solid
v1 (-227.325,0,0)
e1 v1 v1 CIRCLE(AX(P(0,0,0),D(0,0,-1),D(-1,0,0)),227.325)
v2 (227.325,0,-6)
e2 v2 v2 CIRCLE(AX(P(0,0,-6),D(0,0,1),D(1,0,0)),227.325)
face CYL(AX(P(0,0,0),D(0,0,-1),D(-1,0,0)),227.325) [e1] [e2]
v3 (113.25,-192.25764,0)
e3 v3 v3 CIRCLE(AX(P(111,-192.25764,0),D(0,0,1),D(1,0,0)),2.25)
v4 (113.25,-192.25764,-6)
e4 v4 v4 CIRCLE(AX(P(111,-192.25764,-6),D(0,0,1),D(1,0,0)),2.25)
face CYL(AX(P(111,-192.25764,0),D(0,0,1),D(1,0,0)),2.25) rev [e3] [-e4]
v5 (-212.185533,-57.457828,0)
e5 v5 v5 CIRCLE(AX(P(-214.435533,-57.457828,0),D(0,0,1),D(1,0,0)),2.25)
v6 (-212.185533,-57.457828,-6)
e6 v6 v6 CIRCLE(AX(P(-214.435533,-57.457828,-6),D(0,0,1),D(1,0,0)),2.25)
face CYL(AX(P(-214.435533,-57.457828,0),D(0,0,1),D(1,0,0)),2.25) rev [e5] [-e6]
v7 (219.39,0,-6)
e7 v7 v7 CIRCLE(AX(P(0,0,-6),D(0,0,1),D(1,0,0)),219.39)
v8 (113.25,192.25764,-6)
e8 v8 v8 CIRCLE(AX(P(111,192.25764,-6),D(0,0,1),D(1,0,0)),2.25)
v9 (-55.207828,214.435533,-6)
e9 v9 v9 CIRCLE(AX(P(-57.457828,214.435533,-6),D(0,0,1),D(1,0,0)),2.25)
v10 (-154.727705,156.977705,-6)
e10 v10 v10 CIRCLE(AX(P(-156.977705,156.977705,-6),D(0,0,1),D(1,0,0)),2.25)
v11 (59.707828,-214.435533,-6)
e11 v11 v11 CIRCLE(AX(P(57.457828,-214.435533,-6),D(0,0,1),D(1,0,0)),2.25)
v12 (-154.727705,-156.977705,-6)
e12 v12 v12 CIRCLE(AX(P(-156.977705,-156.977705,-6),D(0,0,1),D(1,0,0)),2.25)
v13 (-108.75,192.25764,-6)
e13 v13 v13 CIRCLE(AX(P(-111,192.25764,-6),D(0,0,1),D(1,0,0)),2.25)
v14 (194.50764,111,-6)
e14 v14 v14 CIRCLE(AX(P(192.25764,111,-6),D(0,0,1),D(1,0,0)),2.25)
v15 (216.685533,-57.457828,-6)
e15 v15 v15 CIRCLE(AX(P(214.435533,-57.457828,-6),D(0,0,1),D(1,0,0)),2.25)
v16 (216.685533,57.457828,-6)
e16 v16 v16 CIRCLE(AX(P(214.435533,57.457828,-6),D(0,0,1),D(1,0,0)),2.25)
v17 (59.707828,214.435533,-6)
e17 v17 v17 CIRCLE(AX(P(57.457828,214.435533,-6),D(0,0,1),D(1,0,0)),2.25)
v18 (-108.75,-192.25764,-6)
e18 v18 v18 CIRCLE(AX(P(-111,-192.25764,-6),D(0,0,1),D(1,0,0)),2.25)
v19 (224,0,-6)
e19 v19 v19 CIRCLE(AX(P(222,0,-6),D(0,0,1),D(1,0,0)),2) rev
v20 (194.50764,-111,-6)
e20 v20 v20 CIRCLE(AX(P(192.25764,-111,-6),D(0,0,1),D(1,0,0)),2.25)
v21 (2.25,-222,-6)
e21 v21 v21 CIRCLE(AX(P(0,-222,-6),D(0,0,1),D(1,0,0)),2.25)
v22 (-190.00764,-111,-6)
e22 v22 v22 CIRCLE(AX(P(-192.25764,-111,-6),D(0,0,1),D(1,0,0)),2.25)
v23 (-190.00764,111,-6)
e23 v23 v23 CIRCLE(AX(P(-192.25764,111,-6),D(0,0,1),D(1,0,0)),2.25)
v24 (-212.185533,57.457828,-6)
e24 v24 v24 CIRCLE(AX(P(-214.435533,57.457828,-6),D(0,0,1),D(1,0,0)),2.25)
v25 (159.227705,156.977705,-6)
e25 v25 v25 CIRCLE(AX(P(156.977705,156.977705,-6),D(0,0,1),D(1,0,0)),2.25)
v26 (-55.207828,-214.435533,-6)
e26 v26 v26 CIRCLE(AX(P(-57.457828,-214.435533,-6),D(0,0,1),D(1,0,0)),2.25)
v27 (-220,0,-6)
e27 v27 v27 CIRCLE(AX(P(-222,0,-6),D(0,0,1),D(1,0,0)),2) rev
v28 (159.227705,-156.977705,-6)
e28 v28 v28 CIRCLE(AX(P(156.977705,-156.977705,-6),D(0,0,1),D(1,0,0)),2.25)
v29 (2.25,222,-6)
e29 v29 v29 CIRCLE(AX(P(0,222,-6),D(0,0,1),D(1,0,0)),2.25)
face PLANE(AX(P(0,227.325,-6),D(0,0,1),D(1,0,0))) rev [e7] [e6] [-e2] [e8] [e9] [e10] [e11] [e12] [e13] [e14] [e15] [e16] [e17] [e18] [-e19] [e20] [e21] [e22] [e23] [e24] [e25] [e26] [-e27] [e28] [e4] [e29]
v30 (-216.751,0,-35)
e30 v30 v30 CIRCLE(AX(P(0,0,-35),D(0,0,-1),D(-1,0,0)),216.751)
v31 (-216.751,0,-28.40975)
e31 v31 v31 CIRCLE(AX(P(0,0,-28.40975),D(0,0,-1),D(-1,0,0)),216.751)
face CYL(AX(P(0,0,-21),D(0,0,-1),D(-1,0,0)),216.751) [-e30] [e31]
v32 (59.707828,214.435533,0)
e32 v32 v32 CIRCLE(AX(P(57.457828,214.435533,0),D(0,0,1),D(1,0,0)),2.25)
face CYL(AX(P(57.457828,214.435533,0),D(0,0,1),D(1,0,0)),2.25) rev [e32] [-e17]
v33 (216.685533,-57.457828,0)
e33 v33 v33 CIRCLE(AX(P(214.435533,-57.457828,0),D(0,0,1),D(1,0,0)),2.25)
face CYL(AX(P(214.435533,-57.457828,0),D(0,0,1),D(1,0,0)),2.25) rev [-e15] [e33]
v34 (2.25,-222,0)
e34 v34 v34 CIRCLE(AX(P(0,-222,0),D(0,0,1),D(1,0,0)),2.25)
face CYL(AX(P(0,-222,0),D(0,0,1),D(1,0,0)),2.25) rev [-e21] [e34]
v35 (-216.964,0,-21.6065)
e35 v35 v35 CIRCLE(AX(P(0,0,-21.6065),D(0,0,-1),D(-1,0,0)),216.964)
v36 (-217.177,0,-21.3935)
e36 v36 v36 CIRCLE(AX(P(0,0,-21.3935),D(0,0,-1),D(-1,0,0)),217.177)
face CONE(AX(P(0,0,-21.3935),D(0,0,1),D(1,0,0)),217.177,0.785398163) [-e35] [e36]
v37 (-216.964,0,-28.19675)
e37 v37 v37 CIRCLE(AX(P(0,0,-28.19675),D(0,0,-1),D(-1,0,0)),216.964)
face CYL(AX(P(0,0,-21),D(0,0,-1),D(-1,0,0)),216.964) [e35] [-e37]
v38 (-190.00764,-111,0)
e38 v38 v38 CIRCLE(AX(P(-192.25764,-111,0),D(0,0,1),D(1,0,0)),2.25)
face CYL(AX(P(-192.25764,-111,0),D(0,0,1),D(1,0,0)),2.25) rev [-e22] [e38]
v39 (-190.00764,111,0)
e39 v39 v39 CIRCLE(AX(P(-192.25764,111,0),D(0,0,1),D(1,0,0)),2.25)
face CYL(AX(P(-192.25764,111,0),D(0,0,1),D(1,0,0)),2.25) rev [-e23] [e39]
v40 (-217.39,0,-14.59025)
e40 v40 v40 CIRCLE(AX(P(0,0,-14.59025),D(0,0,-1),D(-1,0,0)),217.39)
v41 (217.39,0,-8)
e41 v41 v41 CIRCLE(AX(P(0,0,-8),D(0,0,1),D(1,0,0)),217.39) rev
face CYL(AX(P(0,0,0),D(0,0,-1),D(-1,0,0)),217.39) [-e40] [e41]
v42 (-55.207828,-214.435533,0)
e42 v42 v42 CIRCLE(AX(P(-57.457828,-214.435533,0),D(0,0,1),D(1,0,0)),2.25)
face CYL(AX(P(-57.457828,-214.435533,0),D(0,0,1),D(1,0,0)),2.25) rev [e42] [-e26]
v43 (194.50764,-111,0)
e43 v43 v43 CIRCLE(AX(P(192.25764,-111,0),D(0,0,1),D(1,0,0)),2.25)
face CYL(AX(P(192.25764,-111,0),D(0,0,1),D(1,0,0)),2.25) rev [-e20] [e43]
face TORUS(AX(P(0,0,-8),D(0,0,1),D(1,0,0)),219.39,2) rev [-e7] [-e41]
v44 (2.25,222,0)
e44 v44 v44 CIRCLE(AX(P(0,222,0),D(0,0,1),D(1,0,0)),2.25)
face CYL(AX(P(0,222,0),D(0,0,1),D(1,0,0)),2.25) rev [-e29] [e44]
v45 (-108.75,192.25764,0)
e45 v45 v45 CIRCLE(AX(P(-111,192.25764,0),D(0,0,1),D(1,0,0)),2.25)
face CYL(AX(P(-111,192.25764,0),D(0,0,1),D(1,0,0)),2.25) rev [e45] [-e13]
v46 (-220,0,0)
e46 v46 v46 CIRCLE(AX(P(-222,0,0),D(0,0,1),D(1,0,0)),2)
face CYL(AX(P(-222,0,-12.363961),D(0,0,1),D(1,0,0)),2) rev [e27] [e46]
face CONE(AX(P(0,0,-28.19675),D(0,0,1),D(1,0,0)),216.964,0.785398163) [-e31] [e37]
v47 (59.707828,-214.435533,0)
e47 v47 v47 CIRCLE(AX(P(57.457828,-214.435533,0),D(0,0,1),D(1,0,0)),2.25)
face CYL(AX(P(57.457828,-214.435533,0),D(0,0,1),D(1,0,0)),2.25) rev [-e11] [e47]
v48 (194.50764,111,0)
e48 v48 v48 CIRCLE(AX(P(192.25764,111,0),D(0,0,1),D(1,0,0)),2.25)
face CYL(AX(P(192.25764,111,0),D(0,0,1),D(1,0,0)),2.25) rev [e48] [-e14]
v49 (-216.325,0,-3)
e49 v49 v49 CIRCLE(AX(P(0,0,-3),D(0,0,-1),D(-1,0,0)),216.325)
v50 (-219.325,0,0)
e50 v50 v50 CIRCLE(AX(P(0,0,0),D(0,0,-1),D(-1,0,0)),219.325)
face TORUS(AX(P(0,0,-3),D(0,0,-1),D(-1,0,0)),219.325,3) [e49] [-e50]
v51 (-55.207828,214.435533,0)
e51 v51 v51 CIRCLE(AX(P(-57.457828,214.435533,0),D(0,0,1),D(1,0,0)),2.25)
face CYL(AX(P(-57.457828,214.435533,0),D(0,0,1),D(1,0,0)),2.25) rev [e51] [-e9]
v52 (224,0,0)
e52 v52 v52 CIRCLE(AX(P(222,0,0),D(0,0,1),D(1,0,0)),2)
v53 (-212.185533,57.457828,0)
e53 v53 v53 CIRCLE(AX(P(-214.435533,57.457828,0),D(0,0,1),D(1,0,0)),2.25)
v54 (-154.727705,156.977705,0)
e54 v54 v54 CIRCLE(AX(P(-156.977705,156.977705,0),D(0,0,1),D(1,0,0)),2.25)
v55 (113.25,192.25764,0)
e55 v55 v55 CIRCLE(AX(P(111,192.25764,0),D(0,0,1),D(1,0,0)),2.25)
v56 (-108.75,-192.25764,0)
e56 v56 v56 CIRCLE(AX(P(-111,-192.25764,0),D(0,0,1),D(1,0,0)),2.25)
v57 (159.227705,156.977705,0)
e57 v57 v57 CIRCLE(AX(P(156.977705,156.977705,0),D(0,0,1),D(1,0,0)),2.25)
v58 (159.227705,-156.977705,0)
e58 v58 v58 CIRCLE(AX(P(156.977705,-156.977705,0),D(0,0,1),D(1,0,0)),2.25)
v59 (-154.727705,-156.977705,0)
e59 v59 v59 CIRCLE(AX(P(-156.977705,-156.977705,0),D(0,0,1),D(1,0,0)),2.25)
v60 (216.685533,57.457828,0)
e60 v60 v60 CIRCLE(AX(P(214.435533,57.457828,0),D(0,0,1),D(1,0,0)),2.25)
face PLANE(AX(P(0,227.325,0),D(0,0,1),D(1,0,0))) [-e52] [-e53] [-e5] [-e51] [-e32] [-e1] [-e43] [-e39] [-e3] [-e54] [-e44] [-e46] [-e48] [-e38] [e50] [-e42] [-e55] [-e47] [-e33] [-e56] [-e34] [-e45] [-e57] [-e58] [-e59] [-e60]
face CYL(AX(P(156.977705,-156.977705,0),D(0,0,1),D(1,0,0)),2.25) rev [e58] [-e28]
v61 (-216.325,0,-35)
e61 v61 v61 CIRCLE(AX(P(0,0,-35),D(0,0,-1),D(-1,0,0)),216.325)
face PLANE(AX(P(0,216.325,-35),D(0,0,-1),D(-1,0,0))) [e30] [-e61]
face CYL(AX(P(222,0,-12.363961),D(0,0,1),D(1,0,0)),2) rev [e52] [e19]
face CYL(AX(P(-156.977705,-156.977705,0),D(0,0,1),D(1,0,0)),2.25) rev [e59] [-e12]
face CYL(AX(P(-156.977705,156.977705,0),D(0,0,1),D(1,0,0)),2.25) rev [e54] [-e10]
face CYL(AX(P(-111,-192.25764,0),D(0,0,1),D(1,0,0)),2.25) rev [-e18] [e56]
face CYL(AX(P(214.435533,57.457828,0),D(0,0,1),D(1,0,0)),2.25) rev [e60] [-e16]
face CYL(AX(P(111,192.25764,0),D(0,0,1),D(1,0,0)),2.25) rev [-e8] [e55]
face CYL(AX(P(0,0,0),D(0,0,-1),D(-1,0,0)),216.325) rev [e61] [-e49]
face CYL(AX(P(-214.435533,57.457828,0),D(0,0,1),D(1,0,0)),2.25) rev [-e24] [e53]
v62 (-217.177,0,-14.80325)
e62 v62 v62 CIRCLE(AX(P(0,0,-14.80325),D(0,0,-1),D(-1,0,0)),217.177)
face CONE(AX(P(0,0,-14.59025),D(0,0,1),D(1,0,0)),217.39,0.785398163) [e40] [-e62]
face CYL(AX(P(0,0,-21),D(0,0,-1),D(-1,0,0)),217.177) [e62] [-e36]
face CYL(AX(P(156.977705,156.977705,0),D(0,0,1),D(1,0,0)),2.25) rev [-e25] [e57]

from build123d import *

# Parameters (mm, degrees)
FILLET1_R            = 2
M4_CLEARANCE_HOLE1_D = 4.5
CIRPATTERN1_COUNT    = 24
SKETCH6_R            = 2.25
SKETCH6_R_2          = 2
BOSS_EXTRUDE1_DEPTH  = 6


with BuildPart() as part:
    # Sweep1: sweep along a path in Sketch1
    with BuildLine(Plane.XY) as sweep1_path:
        CenterArc((0, 0), 216.325, 0, 360)
    # Sketch2 → Sweep1 (sweep)
    with BuildSketch(Plane(origin=(0, 0, 0), x_dir=(0, 0, -1), z_dir=(1, 0, 0))):
        with BuildLine():
            Line((0, 227.325), (0, 219.325))
            ThreePointArc((0, 219.325), (0.878679656, 217.203679656), (3, 216.325))
            Line((3, 216.325), (35, 216.325))
            Line((35, 216.325), (35, 217.39))
            Line((35, 217.39), (3.1, 217.39))
            ThreePointArc((3.1, 217.39), (1.685786438, 217.975786438), (1.1, 219.39))
            Line((1.1, 219.39), (1.1, 227.325))
            Line((1.1, 227.325), (0, 227.325))
        make_face()
    sweep(path=sweep1_path.line)

    # Sketch7 → Revolve3 (revolve)
    with BuildSketch(Plane(origin=(0, 0, 0), x_dir=(0, 0, -1), z_dir=(1, 0, 0)), mode=Mode.PRIVATE) as revolve3_sk:
        with BuildLine():
            Line((6, 216.325), (3, 216.325))
            ThreePointArc((3, 216.325), (0.878679656, 217.203679656), (0, 219.325))
            Line((0, 219.325), (0, 227.325))
            Line((0, 227.325), (6, 227.325))
            Line((6, 227.325), (6, 216.325))
        make_face()
    revolve(revolve3_sk.sketch.rotate(Axis((0, 0, 0), (0, 0, -1)), 270), axis=Axis((0, 0, 0), (0, 0, -1)))  # turned: the seam where the file's is

    # Fillet1
    fillet1_edges = [part.edges().sort_by_distance(p)[0] for p in [
        (-217.39, 0, -6),
    ]]
    fillet(fillet1_edges, radius=FILLET1_R)

    # Sketch8 → Cut-Revolve1 (revolve, cut)
    with BuildSketch(Plane(origin=(0, 0, 0), x_dir=(0, 0, -1), z_dir=(1, 0, 0)), mode=Mode.PRIVATE) as cut_revolve1_sk:
        Polygon((35, 216.751), (28.40975, 216.751), (28.19675, 216.964), (21.6065, 216.964), (21.3935, 217.177), (14.80325, 217.177), (14.59025, 217.39), (35, 217.39), align=None)
    revolve(cut_revolve1_sk.sketch.rotate(Axis((0, 0, -21), (0, 0, 1)), 90), axis=Axis((0, 0, -21), (0, 0, 1)), mode=Mode.SUBTRACT)  # turned: the seam where the file's is

    # M4 Clearance Hole1 (through all)
    with Locations(Plane.XY):
        with Locations((0, 222)):
            m4_clearance_hole1 = Hole(M4_CLEARANCE_HOLE1_D / 2)

    # CirPattern1: M4 Clearance Hole1 ×24 about axis
    cirpattern1_axis = Axis((0, 0, 0), (0, 0, 1))
    for i in range(1, CIRPATTERN1_COUNT):
        add(m4_clearance_hole1.rotate(cirpattern1_axis, i * 360 / CIRPATTERN1_COUNT), mode=Mode.SUBTRACT)

    # Sketch6 → Boss-Extrude1 (add)
    with BuildSketch(Plane.XY):
        with Locations((-222, 0)):
            Circle(SKETCH6_R)
        with Locations((-222, 0)):
            Circle(SKETCH6_R_2, mode=Mode.SUBTRACT)
        with Locations((222, 0)):
            Circle(SKETCH6_R)
        with Locations((222, 0)):
            Circle(SKETCH6_R_2, mode=Mode.SUBTRACT)
    extrude(amount=-BOSS_EXTRUDE1_DEPTH)


solid = part.part
